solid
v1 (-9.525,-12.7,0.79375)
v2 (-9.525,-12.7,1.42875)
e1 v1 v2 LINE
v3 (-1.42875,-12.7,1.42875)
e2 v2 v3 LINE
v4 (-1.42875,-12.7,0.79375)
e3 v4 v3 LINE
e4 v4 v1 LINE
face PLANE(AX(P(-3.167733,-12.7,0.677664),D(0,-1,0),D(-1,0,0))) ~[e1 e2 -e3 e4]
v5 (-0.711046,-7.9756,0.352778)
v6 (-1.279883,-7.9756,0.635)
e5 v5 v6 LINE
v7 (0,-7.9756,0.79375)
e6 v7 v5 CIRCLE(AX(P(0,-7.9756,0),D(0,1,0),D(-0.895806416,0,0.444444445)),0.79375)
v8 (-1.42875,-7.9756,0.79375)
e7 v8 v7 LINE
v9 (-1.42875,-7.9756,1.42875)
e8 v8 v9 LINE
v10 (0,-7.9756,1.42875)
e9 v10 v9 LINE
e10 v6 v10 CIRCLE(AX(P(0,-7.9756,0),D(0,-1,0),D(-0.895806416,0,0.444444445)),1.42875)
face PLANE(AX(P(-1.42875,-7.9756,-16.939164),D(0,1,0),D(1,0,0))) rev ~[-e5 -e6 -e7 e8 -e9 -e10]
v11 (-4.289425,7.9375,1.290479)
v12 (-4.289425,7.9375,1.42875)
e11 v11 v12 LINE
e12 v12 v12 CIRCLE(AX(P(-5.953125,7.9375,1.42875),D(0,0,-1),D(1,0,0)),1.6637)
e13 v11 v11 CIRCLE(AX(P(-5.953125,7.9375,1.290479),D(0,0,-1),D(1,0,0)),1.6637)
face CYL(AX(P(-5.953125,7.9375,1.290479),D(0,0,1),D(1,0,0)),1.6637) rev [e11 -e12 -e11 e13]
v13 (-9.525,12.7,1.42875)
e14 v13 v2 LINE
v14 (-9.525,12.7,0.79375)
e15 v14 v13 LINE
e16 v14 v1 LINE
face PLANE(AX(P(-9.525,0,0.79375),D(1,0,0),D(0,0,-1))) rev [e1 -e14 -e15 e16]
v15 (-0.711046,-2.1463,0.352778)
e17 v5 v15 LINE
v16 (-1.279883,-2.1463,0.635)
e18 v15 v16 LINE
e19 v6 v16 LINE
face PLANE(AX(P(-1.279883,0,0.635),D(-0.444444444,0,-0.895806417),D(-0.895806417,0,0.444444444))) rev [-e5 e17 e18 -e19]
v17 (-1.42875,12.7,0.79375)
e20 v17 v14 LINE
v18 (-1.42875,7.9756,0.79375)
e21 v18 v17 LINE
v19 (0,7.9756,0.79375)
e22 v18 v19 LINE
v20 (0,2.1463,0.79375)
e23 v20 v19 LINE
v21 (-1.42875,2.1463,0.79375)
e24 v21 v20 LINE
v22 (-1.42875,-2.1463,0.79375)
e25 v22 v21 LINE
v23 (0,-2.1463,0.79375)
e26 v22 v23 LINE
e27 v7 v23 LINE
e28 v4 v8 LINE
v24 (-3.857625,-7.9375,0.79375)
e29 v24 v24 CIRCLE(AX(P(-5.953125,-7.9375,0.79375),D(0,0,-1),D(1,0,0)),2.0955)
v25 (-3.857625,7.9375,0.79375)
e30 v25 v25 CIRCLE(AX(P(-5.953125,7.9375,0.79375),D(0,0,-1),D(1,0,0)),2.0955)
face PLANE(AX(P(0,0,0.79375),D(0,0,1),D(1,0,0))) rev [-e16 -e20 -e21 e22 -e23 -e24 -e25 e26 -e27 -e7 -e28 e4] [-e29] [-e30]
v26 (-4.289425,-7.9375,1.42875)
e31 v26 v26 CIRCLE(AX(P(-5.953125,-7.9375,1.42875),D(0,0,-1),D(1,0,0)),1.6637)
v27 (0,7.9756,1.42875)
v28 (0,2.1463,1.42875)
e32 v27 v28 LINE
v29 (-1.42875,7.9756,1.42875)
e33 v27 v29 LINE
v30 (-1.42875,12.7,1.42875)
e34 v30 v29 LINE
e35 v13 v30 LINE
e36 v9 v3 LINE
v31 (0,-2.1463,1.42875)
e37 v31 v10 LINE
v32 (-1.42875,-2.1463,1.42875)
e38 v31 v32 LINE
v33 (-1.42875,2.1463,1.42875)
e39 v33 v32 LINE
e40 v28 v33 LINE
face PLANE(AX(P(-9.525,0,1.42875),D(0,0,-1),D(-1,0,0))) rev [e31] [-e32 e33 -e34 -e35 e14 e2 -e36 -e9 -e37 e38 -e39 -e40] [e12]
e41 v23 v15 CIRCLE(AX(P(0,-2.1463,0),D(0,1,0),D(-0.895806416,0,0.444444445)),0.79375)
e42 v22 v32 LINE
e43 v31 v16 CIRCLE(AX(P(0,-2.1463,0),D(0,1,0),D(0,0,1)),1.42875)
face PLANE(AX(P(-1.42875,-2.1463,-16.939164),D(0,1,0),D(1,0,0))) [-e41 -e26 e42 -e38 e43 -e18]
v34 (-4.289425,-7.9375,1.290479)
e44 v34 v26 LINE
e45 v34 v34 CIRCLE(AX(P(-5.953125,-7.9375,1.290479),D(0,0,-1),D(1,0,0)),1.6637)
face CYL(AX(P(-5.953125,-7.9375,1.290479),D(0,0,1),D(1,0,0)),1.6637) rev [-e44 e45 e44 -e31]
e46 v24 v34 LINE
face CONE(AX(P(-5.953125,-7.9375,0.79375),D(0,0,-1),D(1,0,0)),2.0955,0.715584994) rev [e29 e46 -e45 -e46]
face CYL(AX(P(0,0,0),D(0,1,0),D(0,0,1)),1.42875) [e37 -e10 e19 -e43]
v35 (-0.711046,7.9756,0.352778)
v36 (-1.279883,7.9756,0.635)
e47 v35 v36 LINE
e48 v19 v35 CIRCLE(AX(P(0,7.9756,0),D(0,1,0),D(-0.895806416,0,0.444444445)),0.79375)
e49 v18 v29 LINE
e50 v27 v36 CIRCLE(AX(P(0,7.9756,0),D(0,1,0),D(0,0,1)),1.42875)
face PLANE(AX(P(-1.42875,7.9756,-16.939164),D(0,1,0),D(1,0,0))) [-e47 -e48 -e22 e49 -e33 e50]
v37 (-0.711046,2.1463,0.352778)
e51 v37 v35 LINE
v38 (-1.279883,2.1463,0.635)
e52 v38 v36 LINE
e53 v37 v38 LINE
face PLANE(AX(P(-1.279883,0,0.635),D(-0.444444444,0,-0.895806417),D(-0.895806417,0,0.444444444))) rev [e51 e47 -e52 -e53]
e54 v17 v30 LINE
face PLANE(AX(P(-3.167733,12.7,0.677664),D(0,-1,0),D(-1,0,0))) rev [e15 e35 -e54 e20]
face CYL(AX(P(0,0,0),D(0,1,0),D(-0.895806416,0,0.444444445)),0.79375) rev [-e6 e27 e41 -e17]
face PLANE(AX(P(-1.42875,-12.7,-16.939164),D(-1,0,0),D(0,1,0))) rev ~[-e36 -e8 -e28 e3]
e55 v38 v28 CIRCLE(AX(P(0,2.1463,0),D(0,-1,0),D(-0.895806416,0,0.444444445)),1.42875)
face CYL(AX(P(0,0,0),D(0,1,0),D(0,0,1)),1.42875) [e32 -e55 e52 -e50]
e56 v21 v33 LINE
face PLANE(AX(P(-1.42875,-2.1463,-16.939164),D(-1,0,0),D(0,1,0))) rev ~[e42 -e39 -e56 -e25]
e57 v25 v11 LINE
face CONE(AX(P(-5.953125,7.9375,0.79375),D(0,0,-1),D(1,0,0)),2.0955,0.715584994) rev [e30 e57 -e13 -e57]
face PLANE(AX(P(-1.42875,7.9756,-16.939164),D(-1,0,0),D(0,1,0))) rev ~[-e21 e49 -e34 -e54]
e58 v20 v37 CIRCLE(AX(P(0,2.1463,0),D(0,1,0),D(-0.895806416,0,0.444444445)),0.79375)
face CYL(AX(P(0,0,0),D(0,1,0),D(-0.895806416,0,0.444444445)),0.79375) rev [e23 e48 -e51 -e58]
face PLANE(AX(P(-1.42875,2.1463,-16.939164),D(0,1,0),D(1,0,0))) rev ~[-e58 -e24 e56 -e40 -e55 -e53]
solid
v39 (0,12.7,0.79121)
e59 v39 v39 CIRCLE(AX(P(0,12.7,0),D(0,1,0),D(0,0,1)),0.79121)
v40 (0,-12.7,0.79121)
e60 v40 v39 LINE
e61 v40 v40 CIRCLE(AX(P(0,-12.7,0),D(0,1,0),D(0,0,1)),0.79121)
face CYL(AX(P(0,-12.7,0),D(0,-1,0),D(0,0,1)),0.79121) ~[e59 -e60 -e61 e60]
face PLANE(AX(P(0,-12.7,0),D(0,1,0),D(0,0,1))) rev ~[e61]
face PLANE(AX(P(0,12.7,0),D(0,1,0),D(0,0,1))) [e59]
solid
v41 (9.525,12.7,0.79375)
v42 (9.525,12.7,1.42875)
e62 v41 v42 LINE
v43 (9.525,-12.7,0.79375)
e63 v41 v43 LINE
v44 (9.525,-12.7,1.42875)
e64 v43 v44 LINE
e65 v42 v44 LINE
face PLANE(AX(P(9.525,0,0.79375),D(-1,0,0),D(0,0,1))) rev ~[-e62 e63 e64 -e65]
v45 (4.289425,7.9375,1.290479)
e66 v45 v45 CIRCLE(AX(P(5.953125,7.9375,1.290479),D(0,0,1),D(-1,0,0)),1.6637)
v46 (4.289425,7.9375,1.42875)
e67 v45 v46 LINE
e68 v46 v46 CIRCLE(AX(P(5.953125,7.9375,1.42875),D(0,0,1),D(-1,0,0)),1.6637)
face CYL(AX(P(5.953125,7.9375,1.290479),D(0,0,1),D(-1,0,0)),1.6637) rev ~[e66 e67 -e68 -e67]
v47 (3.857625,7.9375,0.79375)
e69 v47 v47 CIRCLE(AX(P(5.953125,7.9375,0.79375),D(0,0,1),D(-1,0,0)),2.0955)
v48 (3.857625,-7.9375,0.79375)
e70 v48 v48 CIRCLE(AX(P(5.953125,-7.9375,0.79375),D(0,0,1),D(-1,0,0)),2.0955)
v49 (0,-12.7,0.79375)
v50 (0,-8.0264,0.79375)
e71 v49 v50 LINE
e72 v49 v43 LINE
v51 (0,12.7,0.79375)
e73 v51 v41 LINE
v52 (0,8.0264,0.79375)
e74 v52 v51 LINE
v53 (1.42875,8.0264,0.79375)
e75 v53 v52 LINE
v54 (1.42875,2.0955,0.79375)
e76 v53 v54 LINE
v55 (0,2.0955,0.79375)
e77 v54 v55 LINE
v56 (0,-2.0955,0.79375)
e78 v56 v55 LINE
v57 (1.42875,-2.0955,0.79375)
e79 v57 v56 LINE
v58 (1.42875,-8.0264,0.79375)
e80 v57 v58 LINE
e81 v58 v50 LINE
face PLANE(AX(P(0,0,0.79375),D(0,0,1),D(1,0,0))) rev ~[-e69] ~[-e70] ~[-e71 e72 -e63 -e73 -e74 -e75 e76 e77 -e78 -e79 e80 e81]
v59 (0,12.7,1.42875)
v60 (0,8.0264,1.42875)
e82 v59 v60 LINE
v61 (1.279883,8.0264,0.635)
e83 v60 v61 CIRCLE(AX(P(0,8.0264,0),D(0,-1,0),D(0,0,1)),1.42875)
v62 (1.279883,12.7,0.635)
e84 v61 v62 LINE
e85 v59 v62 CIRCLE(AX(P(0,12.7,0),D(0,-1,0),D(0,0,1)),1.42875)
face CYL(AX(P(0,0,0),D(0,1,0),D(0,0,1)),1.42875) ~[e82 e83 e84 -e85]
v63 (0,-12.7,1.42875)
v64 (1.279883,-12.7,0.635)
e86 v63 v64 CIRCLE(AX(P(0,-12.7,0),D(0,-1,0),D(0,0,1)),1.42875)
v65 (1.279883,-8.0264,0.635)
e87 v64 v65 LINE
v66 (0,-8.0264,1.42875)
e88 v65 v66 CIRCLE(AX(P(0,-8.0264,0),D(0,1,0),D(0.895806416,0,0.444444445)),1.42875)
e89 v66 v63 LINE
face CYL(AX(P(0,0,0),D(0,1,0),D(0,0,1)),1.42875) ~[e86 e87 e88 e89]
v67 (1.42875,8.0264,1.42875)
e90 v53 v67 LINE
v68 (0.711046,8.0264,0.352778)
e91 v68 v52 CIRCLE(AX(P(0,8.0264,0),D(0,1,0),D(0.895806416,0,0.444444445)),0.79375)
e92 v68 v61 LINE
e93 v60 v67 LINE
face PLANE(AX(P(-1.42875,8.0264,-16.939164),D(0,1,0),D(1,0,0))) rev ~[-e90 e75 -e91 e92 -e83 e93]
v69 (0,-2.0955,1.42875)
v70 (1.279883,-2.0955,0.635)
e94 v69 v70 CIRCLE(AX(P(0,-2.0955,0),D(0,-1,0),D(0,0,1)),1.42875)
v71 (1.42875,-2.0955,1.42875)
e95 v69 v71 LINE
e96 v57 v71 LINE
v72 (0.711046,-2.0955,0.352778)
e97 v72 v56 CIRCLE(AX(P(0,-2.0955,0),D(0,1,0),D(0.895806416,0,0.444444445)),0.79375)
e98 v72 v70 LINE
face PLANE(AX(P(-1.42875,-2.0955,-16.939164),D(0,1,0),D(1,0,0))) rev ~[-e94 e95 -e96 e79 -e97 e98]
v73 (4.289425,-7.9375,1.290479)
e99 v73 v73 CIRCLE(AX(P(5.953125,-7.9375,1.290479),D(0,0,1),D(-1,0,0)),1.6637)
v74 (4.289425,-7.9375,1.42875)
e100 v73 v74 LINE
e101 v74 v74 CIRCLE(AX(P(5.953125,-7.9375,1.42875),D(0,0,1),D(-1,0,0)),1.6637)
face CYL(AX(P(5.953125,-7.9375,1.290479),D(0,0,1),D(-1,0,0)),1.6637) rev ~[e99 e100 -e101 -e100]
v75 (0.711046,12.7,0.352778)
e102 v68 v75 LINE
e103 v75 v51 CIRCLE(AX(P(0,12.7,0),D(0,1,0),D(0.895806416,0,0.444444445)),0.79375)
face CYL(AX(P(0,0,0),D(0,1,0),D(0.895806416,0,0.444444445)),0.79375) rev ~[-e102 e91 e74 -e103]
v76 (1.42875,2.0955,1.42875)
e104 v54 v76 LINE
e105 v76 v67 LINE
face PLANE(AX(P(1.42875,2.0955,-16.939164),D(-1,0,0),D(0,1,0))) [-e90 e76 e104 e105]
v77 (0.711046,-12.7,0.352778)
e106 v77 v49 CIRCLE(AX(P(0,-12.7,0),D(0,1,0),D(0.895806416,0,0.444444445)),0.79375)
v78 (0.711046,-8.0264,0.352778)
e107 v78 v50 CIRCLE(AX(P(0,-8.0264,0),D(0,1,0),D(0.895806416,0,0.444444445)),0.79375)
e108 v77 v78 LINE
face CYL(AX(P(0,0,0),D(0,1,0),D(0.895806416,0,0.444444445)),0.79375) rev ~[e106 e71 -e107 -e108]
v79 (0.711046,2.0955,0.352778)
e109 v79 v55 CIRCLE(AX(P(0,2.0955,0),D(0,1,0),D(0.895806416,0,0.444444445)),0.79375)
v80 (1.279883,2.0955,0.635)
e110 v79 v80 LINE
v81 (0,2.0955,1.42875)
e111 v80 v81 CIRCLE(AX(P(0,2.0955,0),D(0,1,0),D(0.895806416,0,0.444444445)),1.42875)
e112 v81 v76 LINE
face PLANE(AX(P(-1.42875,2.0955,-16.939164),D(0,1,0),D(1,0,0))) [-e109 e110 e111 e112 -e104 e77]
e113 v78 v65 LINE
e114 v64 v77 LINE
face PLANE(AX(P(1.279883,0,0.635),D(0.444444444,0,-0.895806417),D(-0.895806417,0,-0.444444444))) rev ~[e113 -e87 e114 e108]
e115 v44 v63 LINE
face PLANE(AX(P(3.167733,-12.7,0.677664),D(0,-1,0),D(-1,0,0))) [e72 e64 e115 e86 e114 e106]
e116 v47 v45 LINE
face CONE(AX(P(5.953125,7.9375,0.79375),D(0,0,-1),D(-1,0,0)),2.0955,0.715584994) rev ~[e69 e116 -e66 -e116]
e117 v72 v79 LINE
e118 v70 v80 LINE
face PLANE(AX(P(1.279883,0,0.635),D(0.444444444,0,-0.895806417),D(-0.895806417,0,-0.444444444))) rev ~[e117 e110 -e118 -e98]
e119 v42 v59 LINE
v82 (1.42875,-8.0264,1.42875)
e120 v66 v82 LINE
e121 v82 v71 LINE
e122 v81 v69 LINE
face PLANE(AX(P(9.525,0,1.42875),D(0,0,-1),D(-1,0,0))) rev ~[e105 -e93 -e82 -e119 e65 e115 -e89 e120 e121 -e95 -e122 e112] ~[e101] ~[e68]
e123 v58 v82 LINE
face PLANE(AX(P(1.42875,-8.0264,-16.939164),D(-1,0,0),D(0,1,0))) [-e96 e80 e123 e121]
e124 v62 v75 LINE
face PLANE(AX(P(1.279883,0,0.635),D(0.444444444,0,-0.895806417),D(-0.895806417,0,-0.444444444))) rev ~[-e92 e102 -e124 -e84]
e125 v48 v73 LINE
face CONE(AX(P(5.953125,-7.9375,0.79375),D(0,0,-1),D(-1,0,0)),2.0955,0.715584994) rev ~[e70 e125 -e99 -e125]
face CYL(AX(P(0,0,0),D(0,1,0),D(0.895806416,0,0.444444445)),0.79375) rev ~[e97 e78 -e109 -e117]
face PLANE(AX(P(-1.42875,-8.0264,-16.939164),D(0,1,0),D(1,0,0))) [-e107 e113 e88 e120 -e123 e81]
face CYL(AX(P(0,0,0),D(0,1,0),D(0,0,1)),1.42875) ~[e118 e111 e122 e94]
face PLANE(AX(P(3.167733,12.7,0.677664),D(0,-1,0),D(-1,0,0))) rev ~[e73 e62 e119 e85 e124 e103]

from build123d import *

# Parameters (mm, degrees)
EXTRUDE1_DEPTH          = 12.7
LPATTERN2_COUNT         = 2
LPATTERN2_PITCH         = 15.875
CUT_EXTRUDE1_DEPTH      = 16.93916408
CUT_EXTRUDE1_DEPTH_BACK = 16.93916408
SKETCH4_W               = 2.8575
SKETCH4_H               = 5.9309
CUT_EXTRUDE2_DEPTH      = 16.93916408
CUT_EXTRUDE2_DEPTH_BACK = 16.93916408
SKETCH5_W               = 2.8575
SKETCH5_H               = 4.7244
SKETCH5_H_2             = 4.2926
EXTRUDE2_START          = -12.7
SKETCH6_R               = 0.79121
EXTRUDE2_DEPTH          = 25.4


with BuildPart() as part:
    # Sketch1 → Extrude1 (new, symmetric)
    with BuildSketch(Plane(origin=(0, 0, 0), x_dir=(1, 0, 0), z_dir=(0, 1, 0))):
        with BuildLine():
            Line((0, -0.79375), (9.525, -0.79375))
            Line((9.525, -0.79375), (9.525, -1.42875))
            Line((9.525, -1.42875), (0, -1.42875))
            ThreePointArc((0, -1.42875), (-0.753017368, 1.214204022), (1.279883418, -0.635))
            Line((1.279883418, -0.635), (0.711046343, -0.352777778))
            ThreePointArc((0.711046343, -0.352777778), (-0.418342982, 0.67455779), (0, -0.79375))
        make_face()
    extrude(amount=EXTRUDE1_DEPTH, both=True)

    # Sketch7 → Cut-Revolve1 (revolve, cut)
    with BuildSketch(Plane(origin=(5.953125, 0, 0), x_dir=(0, 0, -1), z_dir=(1, 0, 0)), mode=Mode.PRIVATE) as cut_revolve1_sk:
        Polygon((-0.79375, 7.9375), (-0.79375, 10.033), (-1.290479078, 9.6012), (-1.42875, 9.6012), (-1.42875, 7.9375), align=None)
    cut_revolve1 = revolve(cut_revolve1_sk.sketch.rotate(Axis((5.953125, 7.9375, -1.822321443), (0, 0, 1)), 90), axis=Axis((5.953125, 7.9375, -1.822321443), (0, 0, 1)), mode=Mode.SUBTRACT)

    # LPattern2: Cut-Revolve1 ×2
    with Locations(*[(0, -i * LPATTERN2_PITCH, 0) for i in range(1, LPATTERN2_COUNT)]):
        add(cut_revolve1, mode=Mode.SUBTRACT)


with BuildPart() as body_2:
    # Mirror2: mirrored copy
    add(part.part.mirror(Plane(origin=(0, 0, 0), x_dir=(0, 0, 1), z_dir=(1, 0, 0))))

    # Sketch5 → Cut-Extrude2 (cut, two sides: drawn at the far end of the back side and taken through both)
    with BuildSketch(Plane.XY.offset(-CUT_EXTRUDE2_DEPTH_BACK)):
        with Locations((0, -10.3378)):
            Rectangle(SKETCH5_W, SKETCH5_H)
        Rectangle(SKETCH5_W, SKETCH5_H_2)
        with Locations((0, 10.3378)):
            Rectangle(SKETCH5_W, SKETCH5_H)
    extrude(amount=CUT_EXTRUDE2_DEPTH + CUT_EXTRUDE2_DEPTH_BACK, mode=Mode.SUBTRACT)


with BuildPart() as part_1:
    add(part.part)

    # Sketch4 → Cut-Extrude1 (cut, two sides: drawn at the far end of the back side and taken through both)
    with BuildSketch(Plane.XY.offset(-CUT_EXTRUDE1_DEPTH_BACK)):
        with Locations((0, 5.06095)):
            Rectangle(SKETCH4_W, SKETCH4_H)
        with Locations((0, -5.06095)):
            Rectangle(SKETCH4_W, SKETCH4_H)
    extrude(amount=CUT_EXTRUDE1_DEPTH + CUT_EXTRUDE1_DEPTH_BACK, mode=Mode.SUBTRACT)


with BuildPart() as body_3:
    # Sketch6 → Extrude2 (new body)
    with BuildSketch(Plane(origin=(0, 0, 0), x_dir=(1, 0, 0), z_dir=(0, 1, 0)).offset(EXTRUDE2_START)):
        with Locations(Location((0, 0, 0), (0, 0, 270))):
            Circle(SKETCH6_R)
    extrude(amount=EXTRUDE2_DEPTH)


solid = Compound([body_2.part, part_1.part, body_3.part])
